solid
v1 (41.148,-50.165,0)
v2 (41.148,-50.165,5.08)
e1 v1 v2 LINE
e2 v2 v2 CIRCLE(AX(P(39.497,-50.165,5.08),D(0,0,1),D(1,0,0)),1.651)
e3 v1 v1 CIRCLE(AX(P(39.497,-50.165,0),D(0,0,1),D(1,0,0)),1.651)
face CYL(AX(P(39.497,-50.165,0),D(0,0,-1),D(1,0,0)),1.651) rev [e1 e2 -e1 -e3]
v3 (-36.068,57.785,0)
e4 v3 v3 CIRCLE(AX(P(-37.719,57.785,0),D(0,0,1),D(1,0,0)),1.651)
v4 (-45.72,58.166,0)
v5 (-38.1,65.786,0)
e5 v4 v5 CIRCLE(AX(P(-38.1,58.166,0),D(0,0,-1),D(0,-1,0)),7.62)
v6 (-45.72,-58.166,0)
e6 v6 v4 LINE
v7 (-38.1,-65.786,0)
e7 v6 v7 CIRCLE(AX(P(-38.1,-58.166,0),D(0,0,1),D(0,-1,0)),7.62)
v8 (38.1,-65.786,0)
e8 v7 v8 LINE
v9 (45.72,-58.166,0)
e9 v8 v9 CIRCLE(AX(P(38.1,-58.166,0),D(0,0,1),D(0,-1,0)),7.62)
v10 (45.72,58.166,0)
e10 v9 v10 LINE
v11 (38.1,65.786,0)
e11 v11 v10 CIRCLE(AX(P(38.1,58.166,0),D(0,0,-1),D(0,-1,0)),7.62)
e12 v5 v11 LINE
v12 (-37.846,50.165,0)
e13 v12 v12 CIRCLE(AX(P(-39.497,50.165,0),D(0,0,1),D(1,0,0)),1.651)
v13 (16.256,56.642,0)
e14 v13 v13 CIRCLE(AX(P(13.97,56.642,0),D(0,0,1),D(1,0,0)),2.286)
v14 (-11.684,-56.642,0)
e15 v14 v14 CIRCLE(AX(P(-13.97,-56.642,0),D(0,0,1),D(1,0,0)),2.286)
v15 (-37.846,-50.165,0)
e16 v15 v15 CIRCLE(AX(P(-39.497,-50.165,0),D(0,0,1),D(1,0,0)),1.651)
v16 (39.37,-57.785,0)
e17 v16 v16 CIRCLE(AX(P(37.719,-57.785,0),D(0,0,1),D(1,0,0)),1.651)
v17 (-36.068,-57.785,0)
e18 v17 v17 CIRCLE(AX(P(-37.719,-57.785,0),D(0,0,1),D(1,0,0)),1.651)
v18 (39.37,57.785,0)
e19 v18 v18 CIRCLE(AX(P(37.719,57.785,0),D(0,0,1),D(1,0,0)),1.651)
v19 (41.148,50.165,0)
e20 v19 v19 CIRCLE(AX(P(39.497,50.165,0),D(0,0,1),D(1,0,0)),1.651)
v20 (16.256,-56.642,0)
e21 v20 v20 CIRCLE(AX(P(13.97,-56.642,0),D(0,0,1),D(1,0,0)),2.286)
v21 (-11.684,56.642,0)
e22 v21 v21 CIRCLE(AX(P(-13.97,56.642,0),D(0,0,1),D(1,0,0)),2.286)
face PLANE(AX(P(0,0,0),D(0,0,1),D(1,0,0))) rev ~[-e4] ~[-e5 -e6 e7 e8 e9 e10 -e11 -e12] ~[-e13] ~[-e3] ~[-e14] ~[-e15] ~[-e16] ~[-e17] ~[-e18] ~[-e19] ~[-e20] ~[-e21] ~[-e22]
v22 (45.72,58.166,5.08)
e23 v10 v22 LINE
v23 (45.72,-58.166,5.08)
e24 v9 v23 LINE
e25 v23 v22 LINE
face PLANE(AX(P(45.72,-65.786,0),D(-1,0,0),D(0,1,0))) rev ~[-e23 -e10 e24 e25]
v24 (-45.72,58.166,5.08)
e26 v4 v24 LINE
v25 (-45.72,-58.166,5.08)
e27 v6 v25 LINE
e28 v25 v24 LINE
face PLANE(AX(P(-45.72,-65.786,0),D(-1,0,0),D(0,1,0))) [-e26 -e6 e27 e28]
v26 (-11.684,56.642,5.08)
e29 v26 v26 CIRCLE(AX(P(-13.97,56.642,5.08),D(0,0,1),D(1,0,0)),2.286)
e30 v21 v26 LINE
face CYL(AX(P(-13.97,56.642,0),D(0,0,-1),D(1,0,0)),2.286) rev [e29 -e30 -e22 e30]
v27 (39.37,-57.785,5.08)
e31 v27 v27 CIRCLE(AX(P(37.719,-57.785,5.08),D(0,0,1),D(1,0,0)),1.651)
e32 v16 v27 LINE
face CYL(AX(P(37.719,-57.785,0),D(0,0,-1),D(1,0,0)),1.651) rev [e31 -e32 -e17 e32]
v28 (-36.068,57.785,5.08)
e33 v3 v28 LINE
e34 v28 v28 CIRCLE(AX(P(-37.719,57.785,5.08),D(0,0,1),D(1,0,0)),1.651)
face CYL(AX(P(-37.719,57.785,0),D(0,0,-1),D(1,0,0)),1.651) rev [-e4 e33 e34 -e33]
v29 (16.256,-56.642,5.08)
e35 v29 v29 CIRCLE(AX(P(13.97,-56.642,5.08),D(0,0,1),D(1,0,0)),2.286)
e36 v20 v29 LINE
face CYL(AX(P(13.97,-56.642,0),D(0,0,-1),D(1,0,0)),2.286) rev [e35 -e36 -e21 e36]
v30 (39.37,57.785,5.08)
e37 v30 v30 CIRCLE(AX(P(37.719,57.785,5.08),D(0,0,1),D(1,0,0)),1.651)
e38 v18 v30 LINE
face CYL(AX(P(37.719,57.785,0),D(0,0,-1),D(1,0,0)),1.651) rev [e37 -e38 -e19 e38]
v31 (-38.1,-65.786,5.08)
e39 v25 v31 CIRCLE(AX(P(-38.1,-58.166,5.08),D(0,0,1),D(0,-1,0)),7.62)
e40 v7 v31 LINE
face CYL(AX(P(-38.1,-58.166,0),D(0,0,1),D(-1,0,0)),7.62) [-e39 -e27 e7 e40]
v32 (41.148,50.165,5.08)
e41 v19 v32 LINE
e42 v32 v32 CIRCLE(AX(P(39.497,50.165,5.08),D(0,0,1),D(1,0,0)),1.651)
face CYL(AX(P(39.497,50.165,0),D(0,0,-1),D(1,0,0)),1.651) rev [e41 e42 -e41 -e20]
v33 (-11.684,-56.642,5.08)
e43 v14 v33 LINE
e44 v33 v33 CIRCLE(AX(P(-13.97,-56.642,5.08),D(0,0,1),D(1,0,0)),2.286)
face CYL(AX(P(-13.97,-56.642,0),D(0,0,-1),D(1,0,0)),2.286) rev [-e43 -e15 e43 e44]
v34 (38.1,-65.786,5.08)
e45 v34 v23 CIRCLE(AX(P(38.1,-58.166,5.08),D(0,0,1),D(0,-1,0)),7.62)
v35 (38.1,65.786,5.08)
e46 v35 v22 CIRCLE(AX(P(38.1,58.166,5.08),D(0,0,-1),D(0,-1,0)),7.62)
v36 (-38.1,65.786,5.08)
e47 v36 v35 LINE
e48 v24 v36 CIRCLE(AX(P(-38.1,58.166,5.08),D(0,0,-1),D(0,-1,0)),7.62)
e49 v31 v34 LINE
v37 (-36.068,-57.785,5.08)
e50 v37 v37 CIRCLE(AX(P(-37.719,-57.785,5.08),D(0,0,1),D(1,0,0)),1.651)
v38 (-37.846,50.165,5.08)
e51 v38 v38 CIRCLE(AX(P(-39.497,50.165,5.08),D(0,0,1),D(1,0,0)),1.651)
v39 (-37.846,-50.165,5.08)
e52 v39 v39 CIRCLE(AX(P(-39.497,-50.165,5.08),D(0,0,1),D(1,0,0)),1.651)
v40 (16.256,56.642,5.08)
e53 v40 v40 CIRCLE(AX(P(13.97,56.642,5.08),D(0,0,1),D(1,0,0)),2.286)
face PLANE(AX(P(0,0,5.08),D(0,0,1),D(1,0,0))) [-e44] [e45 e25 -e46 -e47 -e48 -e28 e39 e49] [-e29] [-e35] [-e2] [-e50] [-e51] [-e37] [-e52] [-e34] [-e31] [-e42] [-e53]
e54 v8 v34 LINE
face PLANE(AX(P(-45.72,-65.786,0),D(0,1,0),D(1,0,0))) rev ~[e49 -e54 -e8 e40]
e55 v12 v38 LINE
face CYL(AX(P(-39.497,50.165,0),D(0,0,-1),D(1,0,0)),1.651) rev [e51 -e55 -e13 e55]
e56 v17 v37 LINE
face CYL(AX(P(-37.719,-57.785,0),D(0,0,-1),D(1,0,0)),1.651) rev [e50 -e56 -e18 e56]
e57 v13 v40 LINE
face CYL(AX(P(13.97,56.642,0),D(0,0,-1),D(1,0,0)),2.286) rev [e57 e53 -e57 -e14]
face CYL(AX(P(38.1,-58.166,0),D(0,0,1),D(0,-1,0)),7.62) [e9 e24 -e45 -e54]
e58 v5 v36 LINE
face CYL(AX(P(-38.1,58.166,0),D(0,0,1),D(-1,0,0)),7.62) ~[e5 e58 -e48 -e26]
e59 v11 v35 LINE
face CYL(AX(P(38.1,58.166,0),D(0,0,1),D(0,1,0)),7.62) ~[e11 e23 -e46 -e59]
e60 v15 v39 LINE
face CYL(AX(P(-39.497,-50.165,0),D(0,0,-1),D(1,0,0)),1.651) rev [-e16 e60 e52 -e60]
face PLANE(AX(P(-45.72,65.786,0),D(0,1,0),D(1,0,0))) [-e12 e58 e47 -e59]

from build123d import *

# Parameters (mm, degrees)
F0_W     = 91.44
F0_H     = 131.572
F0_R     = 1.651
F0_R_2   = 2.286
F1_DEPTH = 5.08
F2_R     = 7.62


with BuildPart() as f1:
    # F0 (on Top) → F1 (new body)
    with BuildSketch(Plane.XY):
        Rectangle(F0_W, F0_H)
        with Locations((-37.719, -57.785)):
            Circle(F0_R, mode=Mode.SUBTRACT)
        with Locations((-39.497, -50.165)):
            Circle(F0_R, mode=Mode.SUBTRACT)
        with Locations((-13.97, -56.642)):
            Circle(F0_R_2, mode=Mode.SUBTRACT)
        with Locations((13.97, -56.642)):
            Circle(F0_R_2, mode=Mode.SUBTRACT)
        with Locations((37.719, -57.785)):
            Circle(F0_R, mode=Mode.SUBTRACT)
        with Locations((39.497, -50.165)):
            Circle(F0_R, mode=Mode.SUBTRACT)
        with Locations((-39.497, 50.165)):
            Circle(F0_R, mode=Mode.SUBTRACT)
        with Locations((-37.719, 57.785)):
            Circle(F0_R, mode=Mode.SUBTRACT)
        with Locations((-13.97, 56.642)):
            Circle(F0_R_2, mode=Mode.SUBTRACT)
        with Locations((13.97, 56.642)):
            Circle(F0_R_2, mode=Mode.SUBTRACT)
        with Locations((39.497, 50.165)):
            Circle(F0_R, mode=Mode.SUBTRACT)
        with Locations((37.719, 57.785)):
            Circle(F0_R, mode=Mode.SUBTRACT)
    extrude(amount=F1_DEPTH)

    # F2
    f2_edges = [f1.edges().sort_by_distance(p)[0] for p in [
        (-45.72, 65.786, 2.54),
        (45.72, 65.786, 2.54),
        (45.72, -65.786, 2.54),
        (-45.72, -65.786, 2.54),
    ]]
    fillet(f2_edges, radius=F2_R)


solid = f1.part
